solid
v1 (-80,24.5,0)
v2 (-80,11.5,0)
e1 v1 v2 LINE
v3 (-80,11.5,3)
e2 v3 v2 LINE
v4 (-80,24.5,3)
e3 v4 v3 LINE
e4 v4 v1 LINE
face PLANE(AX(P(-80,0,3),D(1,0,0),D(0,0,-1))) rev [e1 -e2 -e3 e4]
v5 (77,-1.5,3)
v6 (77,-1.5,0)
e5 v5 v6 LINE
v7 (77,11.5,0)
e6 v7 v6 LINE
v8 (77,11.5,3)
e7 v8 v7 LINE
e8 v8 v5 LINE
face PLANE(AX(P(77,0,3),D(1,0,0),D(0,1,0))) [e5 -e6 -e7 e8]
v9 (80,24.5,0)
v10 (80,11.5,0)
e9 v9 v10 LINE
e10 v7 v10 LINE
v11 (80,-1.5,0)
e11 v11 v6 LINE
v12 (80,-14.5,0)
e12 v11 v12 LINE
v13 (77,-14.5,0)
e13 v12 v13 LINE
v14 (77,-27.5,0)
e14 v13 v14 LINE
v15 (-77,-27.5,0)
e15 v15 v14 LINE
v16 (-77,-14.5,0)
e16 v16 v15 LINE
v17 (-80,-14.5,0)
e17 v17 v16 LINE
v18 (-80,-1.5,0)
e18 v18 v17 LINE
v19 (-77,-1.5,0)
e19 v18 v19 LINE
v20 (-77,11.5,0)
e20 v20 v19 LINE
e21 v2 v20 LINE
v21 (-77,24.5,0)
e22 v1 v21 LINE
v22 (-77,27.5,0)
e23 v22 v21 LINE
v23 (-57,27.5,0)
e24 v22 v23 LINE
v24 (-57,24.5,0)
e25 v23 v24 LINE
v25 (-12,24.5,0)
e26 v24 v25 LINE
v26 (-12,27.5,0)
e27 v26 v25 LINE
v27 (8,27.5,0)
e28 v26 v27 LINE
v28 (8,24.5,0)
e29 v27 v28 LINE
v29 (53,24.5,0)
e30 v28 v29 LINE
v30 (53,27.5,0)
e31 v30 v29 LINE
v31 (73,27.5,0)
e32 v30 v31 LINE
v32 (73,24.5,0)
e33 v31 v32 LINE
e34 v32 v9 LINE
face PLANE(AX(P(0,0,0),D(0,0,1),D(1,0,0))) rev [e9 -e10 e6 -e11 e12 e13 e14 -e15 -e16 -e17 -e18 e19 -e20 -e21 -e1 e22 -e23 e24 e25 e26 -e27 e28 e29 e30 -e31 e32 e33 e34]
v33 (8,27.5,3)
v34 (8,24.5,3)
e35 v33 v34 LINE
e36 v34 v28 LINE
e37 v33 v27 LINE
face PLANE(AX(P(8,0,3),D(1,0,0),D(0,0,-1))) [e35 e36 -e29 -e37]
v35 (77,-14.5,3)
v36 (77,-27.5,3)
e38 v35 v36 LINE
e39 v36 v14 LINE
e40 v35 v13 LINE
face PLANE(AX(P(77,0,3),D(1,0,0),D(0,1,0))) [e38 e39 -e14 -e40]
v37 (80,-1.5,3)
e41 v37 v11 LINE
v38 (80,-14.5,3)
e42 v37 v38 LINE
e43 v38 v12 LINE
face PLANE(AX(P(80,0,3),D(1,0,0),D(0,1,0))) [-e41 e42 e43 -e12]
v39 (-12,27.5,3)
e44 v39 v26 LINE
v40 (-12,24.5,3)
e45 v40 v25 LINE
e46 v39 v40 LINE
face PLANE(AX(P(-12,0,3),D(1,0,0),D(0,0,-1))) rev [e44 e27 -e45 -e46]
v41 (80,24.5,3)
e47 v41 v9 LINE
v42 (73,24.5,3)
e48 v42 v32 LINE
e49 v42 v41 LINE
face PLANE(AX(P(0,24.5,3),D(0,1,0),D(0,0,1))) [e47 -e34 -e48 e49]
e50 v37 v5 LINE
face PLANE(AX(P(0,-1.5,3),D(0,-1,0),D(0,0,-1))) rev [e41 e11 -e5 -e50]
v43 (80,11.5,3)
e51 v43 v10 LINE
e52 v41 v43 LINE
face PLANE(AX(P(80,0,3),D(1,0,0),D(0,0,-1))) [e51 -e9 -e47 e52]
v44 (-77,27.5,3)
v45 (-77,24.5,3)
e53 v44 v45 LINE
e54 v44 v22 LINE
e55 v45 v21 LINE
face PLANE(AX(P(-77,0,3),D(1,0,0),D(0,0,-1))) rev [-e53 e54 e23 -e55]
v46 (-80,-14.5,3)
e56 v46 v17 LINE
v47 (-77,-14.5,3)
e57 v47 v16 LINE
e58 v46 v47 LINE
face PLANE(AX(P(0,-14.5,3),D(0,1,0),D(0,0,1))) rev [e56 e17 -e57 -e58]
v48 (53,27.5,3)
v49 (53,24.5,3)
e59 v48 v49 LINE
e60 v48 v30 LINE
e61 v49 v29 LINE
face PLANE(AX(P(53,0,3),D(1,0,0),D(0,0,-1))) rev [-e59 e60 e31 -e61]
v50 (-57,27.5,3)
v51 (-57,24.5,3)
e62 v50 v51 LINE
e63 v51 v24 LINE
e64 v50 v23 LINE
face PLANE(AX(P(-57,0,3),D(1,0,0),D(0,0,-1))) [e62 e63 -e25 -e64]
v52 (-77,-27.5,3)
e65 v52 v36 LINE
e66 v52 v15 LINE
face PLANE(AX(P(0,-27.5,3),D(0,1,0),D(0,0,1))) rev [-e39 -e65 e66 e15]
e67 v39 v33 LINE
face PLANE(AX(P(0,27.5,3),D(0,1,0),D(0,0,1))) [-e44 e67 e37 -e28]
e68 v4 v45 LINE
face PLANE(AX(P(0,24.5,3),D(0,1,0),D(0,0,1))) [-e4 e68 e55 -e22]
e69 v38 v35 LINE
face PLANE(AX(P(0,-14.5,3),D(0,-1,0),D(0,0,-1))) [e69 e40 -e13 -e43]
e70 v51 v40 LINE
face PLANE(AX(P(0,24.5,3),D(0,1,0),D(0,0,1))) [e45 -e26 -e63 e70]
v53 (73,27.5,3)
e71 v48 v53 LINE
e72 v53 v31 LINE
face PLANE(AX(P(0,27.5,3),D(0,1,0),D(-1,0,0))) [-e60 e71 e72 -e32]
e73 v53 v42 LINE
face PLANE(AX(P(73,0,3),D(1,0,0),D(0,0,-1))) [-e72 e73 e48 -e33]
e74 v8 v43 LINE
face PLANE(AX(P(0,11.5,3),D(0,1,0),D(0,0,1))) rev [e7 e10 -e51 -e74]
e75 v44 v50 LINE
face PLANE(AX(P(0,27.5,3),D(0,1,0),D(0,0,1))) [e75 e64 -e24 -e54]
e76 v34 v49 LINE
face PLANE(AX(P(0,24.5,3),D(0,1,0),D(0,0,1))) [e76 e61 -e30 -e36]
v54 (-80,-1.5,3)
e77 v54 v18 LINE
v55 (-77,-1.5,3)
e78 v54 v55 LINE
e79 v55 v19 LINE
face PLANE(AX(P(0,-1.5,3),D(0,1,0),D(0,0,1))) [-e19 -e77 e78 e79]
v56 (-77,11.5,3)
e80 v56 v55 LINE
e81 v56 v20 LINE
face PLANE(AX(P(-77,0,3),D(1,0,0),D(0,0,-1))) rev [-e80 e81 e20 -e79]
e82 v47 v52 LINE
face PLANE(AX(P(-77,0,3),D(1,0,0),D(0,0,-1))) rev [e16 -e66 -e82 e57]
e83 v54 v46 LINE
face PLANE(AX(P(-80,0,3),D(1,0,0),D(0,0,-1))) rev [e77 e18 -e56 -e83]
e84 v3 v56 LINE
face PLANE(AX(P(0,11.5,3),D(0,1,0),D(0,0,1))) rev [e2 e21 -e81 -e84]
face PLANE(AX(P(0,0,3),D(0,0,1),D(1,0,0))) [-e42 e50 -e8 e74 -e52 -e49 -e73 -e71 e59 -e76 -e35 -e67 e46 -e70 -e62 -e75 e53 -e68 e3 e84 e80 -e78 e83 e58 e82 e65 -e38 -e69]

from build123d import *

# Parameters (mm, degrees)
BOSS_EXTRUDE1_DEPTH = 3


with BuildPart() as part:
    # Sketch1 → Boss-Extrude1 (new body)
    with BuildSketch(Plane.XY):
        Polygon((-57, 24.5), (-12, 24.5), (-12, 27.5), (8, 27.5), (8, 24.5), (53, 24.5), (53, 27.5), (73, 27.5), (73, 24.5), (80, 24.5), (80, 11.5), (77, 11.5), (77, -1.5), (80, -1.5), (80, -14.5), (77, -14.5), (77, -27.5), (-77, -27.5), (-77, -14.5), (-80, -14.5), (-80, -1.5), (-77, -1.5), (-77, 11.5), (-80, 11.5), (-80, 24.5), (-77, 24.5), (-77, 27.5), (-57, 27.5), align=None)
    extrude(amount=BOSS_EXTRUDE1_DEPTH)


solid = part.part
